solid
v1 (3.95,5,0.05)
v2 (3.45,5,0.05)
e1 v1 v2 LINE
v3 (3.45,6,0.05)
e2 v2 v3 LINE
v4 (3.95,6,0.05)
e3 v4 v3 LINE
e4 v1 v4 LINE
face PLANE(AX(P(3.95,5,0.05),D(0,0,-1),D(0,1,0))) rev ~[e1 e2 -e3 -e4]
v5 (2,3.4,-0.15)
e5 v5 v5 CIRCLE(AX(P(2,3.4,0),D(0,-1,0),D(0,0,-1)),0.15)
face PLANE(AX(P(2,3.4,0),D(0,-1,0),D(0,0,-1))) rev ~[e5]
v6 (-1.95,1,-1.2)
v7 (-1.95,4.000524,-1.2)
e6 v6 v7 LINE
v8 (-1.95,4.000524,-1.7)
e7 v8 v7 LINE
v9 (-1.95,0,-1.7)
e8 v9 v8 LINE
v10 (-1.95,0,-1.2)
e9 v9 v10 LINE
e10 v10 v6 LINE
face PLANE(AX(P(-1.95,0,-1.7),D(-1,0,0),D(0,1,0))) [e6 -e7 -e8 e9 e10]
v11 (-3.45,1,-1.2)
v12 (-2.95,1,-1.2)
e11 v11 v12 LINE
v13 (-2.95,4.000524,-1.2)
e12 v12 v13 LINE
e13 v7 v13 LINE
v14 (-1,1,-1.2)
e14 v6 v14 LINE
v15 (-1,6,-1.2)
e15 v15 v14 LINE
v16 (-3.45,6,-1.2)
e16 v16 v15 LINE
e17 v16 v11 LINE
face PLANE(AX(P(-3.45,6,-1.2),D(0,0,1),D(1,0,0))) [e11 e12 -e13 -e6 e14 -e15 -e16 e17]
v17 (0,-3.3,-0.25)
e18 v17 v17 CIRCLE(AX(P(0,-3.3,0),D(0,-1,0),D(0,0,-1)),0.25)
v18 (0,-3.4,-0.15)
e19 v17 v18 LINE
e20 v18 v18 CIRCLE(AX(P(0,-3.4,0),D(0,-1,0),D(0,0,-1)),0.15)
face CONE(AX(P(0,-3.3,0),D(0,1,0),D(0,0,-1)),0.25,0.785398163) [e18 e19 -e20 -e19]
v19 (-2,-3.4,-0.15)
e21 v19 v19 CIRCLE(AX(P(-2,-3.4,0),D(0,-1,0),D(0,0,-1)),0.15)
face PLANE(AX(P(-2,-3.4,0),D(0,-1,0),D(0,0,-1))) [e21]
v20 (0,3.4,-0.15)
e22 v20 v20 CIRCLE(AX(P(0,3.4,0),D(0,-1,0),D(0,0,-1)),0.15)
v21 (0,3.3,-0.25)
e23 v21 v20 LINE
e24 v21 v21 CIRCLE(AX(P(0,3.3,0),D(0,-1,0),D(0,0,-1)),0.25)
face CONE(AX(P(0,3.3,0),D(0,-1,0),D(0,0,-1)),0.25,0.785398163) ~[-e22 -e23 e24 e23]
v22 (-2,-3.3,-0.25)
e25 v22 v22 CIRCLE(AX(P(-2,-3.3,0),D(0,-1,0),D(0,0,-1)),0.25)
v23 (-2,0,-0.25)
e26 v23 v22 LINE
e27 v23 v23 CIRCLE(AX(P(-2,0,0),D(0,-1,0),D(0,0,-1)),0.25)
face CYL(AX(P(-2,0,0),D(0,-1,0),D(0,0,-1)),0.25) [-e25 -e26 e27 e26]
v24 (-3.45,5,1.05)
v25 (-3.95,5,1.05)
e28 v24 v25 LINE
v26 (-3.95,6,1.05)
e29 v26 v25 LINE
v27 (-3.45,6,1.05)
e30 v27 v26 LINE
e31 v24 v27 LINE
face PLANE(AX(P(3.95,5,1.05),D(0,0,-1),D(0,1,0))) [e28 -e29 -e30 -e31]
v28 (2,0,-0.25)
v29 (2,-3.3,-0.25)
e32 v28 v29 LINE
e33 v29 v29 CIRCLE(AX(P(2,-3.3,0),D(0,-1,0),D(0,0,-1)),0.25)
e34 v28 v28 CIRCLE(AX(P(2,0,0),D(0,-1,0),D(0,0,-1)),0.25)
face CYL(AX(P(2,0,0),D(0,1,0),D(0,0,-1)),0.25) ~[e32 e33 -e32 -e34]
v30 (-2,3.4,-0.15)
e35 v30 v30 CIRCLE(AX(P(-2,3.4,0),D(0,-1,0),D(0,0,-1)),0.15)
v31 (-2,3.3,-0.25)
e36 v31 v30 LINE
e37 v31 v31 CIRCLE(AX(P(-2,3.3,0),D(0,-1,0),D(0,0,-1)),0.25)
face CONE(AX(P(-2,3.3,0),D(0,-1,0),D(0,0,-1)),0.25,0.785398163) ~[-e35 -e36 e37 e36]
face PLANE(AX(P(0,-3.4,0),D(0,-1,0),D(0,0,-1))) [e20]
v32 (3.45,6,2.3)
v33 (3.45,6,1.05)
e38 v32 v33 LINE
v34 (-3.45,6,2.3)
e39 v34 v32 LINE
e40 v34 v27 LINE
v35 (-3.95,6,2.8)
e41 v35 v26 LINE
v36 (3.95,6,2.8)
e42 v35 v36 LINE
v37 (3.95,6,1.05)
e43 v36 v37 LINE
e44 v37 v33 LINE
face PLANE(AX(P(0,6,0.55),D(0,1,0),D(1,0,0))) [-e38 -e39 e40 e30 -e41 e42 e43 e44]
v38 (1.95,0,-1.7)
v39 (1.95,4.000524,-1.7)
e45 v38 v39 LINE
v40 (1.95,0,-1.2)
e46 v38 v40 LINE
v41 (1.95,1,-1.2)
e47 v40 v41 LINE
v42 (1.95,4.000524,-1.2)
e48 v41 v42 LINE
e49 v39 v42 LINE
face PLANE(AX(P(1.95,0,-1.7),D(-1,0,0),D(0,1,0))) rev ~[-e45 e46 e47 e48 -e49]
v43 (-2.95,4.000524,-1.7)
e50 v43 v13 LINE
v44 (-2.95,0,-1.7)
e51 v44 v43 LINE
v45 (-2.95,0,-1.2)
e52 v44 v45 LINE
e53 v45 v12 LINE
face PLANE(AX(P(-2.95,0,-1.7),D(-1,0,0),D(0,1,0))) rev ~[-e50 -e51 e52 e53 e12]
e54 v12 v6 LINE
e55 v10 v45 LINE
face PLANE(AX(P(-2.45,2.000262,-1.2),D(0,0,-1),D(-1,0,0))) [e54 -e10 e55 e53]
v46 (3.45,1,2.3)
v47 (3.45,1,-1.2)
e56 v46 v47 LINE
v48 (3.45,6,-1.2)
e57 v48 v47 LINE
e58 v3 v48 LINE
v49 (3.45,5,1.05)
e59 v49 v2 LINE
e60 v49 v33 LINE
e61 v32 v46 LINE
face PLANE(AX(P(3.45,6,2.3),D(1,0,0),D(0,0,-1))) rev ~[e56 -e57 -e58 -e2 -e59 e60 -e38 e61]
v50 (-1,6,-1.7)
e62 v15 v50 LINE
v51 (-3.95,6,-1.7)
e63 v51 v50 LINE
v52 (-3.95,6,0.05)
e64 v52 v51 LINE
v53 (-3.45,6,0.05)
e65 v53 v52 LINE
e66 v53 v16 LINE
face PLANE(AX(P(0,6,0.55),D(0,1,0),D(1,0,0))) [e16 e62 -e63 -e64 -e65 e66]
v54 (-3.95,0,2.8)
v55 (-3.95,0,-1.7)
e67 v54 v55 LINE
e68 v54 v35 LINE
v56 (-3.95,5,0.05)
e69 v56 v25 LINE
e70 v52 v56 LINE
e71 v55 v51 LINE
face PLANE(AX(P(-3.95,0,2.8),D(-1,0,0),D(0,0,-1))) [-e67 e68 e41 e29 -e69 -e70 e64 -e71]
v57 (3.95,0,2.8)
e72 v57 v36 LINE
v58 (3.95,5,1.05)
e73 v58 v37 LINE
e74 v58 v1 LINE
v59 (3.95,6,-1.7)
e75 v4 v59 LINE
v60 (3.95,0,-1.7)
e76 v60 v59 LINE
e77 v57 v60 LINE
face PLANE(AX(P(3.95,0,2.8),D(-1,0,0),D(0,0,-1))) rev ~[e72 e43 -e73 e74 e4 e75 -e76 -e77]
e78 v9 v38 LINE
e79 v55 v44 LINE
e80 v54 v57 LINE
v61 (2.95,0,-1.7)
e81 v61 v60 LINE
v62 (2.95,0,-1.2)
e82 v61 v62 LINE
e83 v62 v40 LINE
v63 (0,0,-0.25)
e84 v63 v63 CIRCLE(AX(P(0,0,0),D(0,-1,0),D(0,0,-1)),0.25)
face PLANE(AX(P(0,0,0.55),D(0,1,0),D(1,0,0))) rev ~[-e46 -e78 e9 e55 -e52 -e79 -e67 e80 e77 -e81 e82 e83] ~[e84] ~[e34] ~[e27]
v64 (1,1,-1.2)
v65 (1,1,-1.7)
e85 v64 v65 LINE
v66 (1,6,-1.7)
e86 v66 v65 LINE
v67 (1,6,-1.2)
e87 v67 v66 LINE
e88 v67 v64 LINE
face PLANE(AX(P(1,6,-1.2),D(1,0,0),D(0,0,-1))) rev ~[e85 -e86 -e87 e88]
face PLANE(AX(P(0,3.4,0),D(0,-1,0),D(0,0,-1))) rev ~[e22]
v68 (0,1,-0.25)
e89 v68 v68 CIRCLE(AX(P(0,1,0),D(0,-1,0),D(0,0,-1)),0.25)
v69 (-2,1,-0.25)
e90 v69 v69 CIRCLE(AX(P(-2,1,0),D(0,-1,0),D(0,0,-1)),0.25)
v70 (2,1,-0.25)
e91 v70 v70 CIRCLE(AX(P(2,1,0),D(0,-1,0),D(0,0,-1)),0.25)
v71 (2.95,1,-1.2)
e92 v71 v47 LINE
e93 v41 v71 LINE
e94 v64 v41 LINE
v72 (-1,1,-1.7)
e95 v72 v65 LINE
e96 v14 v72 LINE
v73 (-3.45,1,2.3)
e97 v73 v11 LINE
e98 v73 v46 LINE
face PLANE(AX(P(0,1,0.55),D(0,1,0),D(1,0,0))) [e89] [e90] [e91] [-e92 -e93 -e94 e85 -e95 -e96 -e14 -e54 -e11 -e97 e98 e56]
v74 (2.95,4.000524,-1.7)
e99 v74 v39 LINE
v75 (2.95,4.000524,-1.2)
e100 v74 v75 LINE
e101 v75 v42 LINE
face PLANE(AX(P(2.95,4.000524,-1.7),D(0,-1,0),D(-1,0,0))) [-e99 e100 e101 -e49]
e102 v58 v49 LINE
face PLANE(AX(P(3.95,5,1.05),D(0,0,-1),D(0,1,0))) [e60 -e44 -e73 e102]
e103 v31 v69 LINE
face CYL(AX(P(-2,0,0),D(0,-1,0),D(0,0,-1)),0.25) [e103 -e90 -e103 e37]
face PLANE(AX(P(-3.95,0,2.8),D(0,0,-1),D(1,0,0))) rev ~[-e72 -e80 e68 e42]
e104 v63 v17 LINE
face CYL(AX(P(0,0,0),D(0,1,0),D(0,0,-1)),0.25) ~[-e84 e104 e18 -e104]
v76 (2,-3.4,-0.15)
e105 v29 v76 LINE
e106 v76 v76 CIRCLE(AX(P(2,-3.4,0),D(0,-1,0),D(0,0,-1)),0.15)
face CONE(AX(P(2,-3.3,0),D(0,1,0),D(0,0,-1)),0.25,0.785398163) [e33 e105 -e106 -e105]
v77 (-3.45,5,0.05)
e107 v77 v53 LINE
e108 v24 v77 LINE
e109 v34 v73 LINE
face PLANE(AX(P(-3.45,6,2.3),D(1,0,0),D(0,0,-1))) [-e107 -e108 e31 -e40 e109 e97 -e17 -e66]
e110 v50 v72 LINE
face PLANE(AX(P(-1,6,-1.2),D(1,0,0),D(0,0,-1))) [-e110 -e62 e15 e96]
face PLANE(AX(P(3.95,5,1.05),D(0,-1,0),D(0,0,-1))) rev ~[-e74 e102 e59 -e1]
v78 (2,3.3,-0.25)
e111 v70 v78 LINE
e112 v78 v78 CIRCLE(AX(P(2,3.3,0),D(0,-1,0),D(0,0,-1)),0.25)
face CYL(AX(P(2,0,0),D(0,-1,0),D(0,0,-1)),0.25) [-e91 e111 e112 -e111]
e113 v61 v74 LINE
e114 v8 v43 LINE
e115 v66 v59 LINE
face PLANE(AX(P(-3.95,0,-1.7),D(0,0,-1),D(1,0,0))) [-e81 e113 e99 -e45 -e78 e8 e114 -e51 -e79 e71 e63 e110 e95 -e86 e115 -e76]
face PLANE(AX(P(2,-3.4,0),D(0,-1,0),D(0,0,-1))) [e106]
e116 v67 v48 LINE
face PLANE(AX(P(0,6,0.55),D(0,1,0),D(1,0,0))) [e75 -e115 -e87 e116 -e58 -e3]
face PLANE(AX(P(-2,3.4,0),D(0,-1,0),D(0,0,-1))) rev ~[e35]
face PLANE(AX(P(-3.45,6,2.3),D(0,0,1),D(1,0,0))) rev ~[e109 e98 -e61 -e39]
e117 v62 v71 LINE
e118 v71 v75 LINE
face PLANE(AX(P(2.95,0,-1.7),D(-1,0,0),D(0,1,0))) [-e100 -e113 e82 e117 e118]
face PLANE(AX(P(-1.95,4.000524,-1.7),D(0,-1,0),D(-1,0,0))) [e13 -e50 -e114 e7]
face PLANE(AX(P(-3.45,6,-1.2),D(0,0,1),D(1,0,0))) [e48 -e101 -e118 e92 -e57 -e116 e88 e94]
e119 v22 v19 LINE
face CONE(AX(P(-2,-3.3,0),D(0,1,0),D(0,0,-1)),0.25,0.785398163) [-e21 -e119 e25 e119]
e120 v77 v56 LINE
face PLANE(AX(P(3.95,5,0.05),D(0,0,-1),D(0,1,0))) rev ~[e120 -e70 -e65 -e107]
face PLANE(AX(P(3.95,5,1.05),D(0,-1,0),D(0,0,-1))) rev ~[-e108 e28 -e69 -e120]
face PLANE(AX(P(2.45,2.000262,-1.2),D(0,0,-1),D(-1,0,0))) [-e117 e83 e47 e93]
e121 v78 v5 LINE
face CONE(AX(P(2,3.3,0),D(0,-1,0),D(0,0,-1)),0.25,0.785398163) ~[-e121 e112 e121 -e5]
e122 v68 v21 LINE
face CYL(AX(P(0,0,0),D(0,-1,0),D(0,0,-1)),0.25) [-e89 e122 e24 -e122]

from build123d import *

# Parameters (mm, degrees)
CROQUIS1_W              = 7.9
CROQUIS1_H              = 4.5
SALIENTE_EXTRUIR2_DEPTH = 6
CROQUIS4_W              = 6.9
CROQUIS4_H              = 3.5
CORTAR_EXTRUIR2_DEPTH   = 5
CROQUIS5_R              = 0.25
SALIENTE_EXTRUIR3_DEPTH = 3.4
CROQUIS6_W              = 2
CROQUIS6_H              = 0.5
CORTAR_EXTRUIR3_DEPTH   = 5
CROQUIS7_W              = 1
CROQUIS7_H              = 1
CORTAR_EXTRUIR5_DEPTH   = 8
CROQUIS8_W              = 1
CROQUIS8_H              = 4.000523864
CORTAR_EXTRUIR7_DEPTH   = 0.5
CHAFL_N3_SIZE           = 0.1


with BuildPart() as part:
    # Croquis1 → Saliente-Extruir2 (new body)
    with BuildSketch(Plane(origin=(0, 0, 0), x_dir=(1, 0, 0), z_dir=(0, 1, 0))):
        with Locations((0, -0.55)):
            Rectangle(CROQUIS1_W, CROQUIS1_H)
    extrude(amount=SALIENTE_EXTRUIR2_DEPTH)

    # Croquis4 → Cortar-Extruir2 (cut)
    with BuildSketch(Plane(origin=(0, 6, 0), x_dir=(1, 0, 0), z_dir=(0, 1, 0))):
        with Locations((0, -0.55)):
            Rectangle(CROQUIS4_W, CROQUIS4_H)
    extrude(amount=-CORTAR_EXTRUIR2_DEPTH, mode=Mode.SUBTRACT)

    # Croquis5 → Saliente-Extruir3 (add, symmetric)
    with BuildSketch(Plane(origin=(0, 0, 0), x_dir=(-1, 0, 0), z_dir=(0, -1, 0))):
        with Locations(Location((0, 0, 0), (0, 0, 90))):
            Circle(CROQUIS5_R)
        with Locations(Location((-2, 0, 0), (0, 0, 90))):
            Circle(CROQUIS5_R)
        with Locations(Location((2, 0, 0), (0, 0, 90))):
            Circle(CROQUIS5_R)
    extrude(amount=SALIENTE_EXTRUIR3_DEPTH, both=True)

    # Croquis6 → Cortar-Extruir3 (cut)
    with BuildSketch(Plane(origin=(0, 6, 0), x_dir=(1, 0, 0), z_dir=(0, 1, 0))):
        with Locations((0, 1.45)):
            Rectangle(CROQUIS6_W, CROQUIS6_H)
    extrude(amount=-CORTAR_EXTRUIR3_DEPTH, mode=Mode.SUBTRACT)

    # Croquis7 → Cortar-Extruir5 (cut)
    with BuildSketch(Plane(origin=(3.95, 0, 0), x_dir=(0, 0, -1), z_dir=(1, 0, 0))):
        with Locations((-0.55, 5.5)):
            Rectangle(CROQUIS7_W, CROQUIS7_H)
    extrude(amount=-CORTAR_EXTRUIR5_DEPTH, mode=Mode.SUBTRACT)

    # Croquis8 → Cortar-Extruir7 (cut)
    with BuildSketch(Plane(origin=(0, 0, -1.7), x_dir=(-1, 0, 0), z_dir=(0, 0, -1))):
        with Locations((-2.45, 2.000261932)):
            Rectangle(CROQUIS8_W, CROQUIS8_H)
        with Locations((2.45, 2.000261932)):
            Rectangle(CROQUIS8_W, CROQUIS8_H)
    extrude(amount=-CORTAR_EXTRUIR7_DEPTH, mode=Mode.SUBTRACT)

    # Chaflán3
    chafl_n3_edges = [part.edges().sort_by_distance(p)[0] for p in [
        (0, 3.4, 0.25),
        (0, -3.4, 0.25),
        (2, 3.4, 0.25),
        (2, -3.4, 0.25),
        (-2, 3.4, 0.25),
        (-2, -3.4, 0.25),
    ]]
    chamfer(chafl_n3_edges, length=CHAFL_N3_SIZE)


solid = part.part
